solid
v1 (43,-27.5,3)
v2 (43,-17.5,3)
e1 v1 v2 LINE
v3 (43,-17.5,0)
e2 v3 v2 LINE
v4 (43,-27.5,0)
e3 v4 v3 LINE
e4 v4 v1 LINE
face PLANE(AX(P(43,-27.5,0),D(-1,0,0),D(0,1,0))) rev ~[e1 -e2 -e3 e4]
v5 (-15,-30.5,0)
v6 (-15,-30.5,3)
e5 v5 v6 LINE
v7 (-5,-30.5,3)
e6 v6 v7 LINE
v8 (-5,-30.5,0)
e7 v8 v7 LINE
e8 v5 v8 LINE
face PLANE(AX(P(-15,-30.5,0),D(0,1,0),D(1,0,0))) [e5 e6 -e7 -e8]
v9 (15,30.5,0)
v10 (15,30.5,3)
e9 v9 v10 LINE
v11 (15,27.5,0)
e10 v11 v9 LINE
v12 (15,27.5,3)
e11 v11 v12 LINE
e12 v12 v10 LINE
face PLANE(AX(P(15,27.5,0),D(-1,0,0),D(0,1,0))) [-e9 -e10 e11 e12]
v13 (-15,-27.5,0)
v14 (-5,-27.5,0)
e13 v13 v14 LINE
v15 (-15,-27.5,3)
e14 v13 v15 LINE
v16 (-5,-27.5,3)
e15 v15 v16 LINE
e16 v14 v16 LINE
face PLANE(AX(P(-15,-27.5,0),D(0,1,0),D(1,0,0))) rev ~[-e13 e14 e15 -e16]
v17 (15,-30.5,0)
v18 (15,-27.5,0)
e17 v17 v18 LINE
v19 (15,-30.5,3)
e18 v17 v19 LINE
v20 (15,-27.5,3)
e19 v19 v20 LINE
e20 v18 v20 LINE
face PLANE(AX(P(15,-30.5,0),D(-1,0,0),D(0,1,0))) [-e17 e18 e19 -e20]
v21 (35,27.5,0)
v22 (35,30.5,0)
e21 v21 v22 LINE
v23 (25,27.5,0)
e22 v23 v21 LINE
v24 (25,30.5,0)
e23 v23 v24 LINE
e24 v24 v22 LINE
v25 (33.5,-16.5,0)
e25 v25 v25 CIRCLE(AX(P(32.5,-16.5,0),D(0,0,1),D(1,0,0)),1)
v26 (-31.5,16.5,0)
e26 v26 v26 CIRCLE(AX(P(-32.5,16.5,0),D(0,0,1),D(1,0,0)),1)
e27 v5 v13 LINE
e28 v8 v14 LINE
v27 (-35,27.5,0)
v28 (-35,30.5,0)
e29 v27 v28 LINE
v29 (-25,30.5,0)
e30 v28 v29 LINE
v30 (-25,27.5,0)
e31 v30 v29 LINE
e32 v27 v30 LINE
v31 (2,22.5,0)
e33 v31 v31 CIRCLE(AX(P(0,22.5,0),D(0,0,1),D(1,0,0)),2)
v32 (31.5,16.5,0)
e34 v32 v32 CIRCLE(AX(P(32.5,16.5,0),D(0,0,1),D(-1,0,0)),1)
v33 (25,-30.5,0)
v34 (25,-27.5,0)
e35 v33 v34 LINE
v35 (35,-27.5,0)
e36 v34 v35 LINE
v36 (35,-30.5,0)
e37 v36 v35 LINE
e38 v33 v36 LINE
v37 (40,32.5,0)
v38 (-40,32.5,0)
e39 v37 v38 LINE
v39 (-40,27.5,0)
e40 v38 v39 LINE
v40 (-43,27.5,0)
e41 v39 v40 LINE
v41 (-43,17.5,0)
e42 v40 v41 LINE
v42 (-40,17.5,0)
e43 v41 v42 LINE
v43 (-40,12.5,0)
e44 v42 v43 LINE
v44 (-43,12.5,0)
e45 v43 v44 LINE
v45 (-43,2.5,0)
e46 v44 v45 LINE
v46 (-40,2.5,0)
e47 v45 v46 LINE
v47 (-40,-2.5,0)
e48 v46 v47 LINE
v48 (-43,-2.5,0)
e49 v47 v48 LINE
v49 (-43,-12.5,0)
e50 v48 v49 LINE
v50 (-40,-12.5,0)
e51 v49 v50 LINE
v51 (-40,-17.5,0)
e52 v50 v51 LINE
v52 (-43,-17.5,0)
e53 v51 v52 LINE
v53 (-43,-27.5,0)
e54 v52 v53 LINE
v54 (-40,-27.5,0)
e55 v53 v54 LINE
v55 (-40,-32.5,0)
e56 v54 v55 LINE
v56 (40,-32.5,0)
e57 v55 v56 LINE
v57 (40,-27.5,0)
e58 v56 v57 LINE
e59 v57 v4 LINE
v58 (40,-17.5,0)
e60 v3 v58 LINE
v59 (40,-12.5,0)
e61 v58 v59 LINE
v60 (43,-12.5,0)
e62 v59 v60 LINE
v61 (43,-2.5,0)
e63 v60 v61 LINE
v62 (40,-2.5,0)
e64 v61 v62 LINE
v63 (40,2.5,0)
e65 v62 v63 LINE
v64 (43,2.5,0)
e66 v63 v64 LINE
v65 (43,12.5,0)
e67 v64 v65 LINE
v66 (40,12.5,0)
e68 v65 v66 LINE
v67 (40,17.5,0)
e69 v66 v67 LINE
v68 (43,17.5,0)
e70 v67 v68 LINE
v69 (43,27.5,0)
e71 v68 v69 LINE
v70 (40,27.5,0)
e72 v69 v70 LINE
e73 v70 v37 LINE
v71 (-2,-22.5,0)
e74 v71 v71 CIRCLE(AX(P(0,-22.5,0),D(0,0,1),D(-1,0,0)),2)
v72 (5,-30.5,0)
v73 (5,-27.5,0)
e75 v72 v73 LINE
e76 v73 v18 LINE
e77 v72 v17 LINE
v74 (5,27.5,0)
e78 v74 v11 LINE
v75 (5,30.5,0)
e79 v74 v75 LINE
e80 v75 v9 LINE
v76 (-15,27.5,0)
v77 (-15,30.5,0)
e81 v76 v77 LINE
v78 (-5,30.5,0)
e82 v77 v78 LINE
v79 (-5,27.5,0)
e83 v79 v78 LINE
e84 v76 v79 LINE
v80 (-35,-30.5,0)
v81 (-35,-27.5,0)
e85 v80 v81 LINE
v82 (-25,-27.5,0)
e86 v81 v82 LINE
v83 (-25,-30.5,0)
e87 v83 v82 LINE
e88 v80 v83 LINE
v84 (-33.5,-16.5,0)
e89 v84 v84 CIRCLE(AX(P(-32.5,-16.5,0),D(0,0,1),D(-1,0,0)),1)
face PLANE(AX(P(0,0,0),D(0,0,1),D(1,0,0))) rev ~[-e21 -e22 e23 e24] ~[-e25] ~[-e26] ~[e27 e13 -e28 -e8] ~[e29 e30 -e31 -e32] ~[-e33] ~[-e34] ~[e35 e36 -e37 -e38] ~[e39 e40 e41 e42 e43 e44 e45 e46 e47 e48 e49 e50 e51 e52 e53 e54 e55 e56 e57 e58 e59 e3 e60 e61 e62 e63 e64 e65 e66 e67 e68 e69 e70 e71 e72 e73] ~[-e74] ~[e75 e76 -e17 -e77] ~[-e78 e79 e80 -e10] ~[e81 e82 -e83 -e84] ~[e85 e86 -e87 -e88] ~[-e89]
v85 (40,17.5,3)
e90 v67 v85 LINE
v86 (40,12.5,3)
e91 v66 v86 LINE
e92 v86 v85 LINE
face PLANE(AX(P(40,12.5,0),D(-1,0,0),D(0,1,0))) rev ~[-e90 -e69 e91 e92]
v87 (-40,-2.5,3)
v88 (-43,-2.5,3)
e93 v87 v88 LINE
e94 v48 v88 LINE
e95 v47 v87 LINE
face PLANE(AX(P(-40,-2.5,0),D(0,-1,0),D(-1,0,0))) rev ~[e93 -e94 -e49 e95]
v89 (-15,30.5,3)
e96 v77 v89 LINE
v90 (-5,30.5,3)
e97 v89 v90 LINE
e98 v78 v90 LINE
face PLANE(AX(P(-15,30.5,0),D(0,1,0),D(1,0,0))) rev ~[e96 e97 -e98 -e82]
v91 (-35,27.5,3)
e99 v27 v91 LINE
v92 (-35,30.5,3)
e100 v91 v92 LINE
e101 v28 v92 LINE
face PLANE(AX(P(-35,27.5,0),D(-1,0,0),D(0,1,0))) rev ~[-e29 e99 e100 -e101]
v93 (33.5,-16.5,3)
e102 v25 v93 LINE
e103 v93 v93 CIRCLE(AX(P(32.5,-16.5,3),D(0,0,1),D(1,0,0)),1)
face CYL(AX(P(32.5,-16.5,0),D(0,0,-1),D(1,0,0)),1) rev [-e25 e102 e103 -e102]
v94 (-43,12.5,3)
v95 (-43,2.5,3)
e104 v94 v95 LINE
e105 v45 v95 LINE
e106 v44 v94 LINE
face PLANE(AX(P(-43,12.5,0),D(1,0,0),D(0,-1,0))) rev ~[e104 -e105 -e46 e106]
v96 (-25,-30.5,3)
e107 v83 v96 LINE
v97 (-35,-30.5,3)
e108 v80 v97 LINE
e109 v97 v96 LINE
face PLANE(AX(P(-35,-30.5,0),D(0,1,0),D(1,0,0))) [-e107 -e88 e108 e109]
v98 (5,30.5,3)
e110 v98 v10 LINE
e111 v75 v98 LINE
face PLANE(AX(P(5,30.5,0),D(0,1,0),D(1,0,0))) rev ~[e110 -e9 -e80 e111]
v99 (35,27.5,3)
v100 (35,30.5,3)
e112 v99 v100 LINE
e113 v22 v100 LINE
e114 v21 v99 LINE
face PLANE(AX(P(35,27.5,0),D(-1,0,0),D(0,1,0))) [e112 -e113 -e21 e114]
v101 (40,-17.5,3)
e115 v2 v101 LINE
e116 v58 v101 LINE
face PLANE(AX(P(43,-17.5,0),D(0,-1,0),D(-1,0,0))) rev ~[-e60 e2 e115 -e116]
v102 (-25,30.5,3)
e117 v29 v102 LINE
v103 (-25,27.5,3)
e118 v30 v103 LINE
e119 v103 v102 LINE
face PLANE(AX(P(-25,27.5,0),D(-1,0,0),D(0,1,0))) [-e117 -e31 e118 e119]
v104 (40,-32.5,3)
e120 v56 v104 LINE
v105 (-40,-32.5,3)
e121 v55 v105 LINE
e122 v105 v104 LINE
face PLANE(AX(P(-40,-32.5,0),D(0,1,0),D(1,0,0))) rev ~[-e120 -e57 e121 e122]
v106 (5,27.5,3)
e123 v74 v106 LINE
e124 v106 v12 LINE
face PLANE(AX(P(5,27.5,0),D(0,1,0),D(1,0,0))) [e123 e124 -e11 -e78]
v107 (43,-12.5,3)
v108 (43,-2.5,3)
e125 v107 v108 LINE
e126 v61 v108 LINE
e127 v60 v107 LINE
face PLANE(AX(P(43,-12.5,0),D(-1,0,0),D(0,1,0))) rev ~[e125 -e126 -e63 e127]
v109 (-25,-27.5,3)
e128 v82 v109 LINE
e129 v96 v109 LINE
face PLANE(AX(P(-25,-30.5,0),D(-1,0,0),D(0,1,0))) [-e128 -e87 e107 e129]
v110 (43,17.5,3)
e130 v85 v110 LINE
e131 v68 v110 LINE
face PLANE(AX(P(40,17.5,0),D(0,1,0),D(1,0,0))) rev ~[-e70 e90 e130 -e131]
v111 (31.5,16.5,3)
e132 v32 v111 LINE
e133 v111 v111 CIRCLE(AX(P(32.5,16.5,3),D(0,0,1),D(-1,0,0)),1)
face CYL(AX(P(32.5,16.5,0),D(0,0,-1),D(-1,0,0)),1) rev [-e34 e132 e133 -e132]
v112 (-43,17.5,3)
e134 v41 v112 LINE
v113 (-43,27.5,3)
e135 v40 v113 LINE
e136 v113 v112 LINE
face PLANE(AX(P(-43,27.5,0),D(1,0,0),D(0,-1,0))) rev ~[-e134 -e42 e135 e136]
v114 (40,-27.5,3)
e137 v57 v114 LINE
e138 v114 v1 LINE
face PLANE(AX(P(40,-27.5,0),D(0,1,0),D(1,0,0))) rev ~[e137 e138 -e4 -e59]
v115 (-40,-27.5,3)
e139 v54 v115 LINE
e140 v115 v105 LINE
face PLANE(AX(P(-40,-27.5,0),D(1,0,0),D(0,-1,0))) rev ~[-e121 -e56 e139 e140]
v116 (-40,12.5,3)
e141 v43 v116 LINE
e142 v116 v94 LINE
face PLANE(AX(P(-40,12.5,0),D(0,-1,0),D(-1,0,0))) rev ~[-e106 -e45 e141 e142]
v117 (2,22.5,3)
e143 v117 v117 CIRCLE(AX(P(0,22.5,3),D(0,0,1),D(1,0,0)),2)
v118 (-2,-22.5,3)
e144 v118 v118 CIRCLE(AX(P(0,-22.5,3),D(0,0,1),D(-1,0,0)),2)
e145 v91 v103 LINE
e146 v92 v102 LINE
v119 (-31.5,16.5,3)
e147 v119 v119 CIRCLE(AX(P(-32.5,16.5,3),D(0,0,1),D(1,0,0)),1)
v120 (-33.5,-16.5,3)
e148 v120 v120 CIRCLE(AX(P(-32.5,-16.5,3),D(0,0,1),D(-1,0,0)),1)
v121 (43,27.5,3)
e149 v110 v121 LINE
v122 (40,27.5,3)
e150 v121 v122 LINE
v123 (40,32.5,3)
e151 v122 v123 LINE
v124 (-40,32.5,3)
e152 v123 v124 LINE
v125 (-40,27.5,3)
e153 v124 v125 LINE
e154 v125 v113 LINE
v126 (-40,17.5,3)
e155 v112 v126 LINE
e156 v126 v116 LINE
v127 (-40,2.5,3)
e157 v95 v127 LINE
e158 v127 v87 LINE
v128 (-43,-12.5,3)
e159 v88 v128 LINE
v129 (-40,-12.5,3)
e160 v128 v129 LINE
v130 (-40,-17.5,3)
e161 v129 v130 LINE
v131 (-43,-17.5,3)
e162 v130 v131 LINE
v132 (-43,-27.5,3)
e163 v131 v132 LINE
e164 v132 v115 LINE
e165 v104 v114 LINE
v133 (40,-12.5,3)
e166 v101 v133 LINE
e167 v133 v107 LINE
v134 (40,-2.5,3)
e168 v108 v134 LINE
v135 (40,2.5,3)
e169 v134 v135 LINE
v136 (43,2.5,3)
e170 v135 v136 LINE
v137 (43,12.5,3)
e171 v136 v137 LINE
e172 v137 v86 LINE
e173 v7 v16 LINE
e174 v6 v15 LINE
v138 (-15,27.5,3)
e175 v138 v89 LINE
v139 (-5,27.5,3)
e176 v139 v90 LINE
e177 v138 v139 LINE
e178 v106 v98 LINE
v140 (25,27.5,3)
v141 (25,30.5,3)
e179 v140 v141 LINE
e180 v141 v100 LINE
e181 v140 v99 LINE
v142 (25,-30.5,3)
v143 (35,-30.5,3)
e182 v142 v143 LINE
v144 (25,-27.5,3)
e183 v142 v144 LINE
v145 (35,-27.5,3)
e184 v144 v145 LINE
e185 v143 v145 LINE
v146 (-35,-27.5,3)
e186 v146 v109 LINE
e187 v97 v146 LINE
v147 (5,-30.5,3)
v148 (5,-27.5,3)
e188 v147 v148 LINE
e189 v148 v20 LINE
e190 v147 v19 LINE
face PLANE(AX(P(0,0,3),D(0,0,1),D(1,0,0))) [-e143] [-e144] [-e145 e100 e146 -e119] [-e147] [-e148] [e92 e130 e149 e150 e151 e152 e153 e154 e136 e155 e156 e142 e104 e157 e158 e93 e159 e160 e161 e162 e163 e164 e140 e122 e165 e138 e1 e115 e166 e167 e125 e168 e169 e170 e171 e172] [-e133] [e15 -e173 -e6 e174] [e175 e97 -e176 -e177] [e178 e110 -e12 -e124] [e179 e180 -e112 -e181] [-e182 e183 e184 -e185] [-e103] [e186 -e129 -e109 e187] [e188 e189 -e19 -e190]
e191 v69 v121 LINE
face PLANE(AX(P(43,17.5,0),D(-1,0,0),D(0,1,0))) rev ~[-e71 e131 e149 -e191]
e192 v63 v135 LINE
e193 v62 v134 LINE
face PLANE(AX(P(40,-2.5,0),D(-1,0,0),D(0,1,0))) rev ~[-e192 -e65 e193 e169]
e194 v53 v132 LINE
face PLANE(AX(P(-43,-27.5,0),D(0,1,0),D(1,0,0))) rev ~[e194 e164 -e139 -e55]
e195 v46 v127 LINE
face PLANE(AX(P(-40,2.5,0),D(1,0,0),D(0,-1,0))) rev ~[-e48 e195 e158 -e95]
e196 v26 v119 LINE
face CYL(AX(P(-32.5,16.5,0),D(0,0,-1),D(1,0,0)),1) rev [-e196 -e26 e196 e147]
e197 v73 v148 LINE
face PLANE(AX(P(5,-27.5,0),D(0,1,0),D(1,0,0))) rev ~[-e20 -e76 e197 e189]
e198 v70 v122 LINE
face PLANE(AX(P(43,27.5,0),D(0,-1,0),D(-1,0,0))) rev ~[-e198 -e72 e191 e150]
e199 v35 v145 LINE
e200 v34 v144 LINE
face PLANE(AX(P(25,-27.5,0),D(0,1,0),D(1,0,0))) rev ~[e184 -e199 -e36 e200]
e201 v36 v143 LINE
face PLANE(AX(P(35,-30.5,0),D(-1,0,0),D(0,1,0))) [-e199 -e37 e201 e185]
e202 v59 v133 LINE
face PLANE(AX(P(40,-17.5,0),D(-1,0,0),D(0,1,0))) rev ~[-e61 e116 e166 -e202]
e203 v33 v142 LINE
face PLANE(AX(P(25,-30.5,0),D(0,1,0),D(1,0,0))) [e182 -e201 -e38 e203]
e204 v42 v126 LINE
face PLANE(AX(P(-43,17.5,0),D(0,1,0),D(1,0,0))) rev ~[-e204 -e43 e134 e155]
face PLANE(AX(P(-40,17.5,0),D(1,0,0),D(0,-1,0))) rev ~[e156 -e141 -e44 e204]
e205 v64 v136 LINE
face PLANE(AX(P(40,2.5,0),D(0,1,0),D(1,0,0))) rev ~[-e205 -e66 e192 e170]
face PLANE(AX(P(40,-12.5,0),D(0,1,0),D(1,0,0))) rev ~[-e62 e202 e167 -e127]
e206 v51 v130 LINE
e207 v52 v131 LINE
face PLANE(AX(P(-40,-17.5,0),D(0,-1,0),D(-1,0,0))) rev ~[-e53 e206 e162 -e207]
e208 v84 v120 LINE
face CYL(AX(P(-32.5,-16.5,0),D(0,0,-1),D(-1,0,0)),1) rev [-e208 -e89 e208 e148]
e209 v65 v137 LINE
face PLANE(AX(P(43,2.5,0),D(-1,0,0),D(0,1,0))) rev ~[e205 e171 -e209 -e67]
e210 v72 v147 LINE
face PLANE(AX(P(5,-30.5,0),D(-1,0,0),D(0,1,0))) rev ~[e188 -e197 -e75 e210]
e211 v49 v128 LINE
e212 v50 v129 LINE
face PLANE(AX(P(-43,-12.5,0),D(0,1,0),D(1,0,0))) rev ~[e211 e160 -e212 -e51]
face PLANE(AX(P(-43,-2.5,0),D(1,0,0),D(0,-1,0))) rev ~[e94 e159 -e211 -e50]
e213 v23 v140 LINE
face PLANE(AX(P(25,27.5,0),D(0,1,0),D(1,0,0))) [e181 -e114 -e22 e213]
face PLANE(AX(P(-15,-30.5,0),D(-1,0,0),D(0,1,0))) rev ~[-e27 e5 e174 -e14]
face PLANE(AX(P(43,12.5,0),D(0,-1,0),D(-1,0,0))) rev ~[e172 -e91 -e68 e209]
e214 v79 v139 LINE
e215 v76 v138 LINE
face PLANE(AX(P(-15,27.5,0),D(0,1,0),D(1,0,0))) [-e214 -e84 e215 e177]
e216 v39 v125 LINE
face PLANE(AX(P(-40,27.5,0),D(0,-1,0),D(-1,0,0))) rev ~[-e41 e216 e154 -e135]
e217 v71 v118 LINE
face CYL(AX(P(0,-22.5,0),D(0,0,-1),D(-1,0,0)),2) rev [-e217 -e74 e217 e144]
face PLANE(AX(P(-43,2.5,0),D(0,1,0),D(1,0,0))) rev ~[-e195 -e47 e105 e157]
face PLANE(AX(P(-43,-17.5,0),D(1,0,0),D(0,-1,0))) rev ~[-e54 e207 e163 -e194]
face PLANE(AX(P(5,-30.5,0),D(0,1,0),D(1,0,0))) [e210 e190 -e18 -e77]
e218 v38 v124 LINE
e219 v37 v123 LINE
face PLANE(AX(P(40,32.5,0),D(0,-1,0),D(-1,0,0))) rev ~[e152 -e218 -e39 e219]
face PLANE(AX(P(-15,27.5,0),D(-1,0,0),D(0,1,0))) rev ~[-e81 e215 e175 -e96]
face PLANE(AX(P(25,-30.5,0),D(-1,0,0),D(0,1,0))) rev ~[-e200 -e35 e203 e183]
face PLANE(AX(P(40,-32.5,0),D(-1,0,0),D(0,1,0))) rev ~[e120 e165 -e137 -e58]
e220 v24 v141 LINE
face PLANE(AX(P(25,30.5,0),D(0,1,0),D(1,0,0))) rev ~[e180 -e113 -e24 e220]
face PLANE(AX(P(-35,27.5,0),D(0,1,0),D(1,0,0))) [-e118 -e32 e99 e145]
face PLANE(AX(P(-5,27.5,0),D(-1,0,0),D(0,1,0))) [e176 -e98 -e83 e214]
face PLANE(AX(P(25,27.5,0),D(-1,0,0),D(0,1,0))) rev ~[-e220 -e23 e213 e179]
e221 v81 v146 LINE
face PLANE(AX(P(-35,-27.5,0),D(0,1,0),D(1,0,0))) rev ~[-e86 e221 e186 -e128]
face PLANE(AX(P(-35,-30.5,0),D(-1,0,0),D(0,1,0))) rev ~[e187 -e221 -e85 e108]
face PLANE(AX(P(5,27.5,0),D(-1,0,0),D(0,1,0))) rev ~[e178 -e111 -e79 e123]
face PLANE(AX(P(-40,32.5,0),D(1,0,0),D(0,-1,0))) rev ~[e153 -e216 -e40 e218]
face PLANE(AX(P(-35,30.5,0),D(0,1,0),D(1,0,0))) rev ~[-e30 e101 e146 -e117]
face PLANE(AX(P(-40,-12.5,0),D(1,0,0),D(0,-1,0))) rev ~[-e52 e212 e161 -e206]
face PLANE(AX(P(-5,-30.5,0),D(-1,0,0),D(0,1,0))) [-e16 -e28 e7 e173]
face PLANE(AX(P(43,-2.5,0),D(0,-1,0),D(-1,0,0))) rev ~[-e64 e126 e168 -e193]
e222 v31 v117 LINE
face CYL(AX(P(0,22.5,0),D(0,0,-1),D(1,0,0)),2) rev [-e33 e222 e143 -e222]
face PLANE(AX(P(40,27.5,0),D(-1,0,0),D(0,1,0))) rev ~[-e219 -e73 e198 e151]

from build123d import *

# Parameters (mm, degrees)
SKETCH_1_R      = 1
SKETCH_1_R_2    = 2
SKETCH_1_W      = 10
SKETCH_1_H      = 3
EXTRUDE_1_DEPTH = 3


with BuildPart() as part:
    # 草图1 → 凸台-拉伸1 (new body)
    with BuildSketch(Plane.XY):
        Polygon((-40, 17.5), (-40, 12.5), (-43, 12.5), (-43, 2.5), (-40, 2.5), (-40, -2.5), (-43, -2.5), (-43, -12.5), (-40, -12.5), (-40, -17.5), (-43, -17.5), (-43, -27.5), (-40, -27.5), (-40, -32.5), (40, -32.5), (40, -27.5), (43, -27.5), (43, -17.5), (40, -17.5), (40, -12.5), (43, -12.5), (43, -2.5), (40, -2.5), (40, 2.5), (43, 2.5), (43, 12.5), (40, 12.5), (40, 17.5), (43, 17.5), (43, 27.5), (40, 27.5), (40, 32.5), (-40, 32.5), (-40, 27.5), (-43, 27.5), (-43, 17.5), align=None)
        with Locations((-32.5, 16.5)):
            Circle(SKETCH_1_R, mode=Mode.SUBTRACT)
        with Locations(Location((32.5, 16.5, 0), (0, 0, 180))):
            Circle(SKETCH_1_R, mode=Mode.SUBTRACT)
        with Locations(Location((-32.5, -16.5, 0), (0, 0, 180))):
            Circle(SKETCH_1_R, mode=Mode.SUBTRACT)
        with Locations((32.5, -16.5)):
            Circle(SKETCH_1_R, mode=Mode.SUBTRACT)
        with Locations((0, 22.5)):
            Circle(SKETCH_1_R_2, mode=Mode.SUBTRACT)
        with Locations(Location((0, -22.5, 0), (0, 0, 180))):
            Circle(SKETCH_1_R_2, mode=Mode.SUBTRACT)
        with Locations((-10, 29)):
            Rectangle(SKETCH_1_W, SKETCH_1_H, mode=Mode.SUBTRACT)
        with Locations((-30, 29)):
            Rectangle(SKETCH_1_W, SKETCH_1_H, mode=Mode.SUBTRACT)
        with Locations((10, 29)):
            Rectangle(SKETCH_1_W, SKETCH_1_H, mode=Mode.SUBTRACT)
        with Locations((30, 29)):
            Rectangle(SKETCH_1_W, SKETCH_1_H, mode=Mode.SUBTRACT)
        with Locations((30, -29)):
            Rectangle(SKETCH_1_W, SKETCH_1_H, mode=Mode.SUBTRACT)
        with Locations((10, -29)):
            Rectangle(SKETCH_1_W, SKETCH_1_H, mode=Mode.SUBTRACT)
        with Locations((-10, -29)):
            Rectangle(SKETCH_1_W, SKETCH_1_H, mode=Mode.SUBTRACT)
        with Locations((-30, -29)):
            Rectangle(SKETCH_1_W, SKETCH_1_H, mode=Mode.SUBTRACT)
    extrude(amount=EXTRUDE_1_DEPTH)


solid = part.part
